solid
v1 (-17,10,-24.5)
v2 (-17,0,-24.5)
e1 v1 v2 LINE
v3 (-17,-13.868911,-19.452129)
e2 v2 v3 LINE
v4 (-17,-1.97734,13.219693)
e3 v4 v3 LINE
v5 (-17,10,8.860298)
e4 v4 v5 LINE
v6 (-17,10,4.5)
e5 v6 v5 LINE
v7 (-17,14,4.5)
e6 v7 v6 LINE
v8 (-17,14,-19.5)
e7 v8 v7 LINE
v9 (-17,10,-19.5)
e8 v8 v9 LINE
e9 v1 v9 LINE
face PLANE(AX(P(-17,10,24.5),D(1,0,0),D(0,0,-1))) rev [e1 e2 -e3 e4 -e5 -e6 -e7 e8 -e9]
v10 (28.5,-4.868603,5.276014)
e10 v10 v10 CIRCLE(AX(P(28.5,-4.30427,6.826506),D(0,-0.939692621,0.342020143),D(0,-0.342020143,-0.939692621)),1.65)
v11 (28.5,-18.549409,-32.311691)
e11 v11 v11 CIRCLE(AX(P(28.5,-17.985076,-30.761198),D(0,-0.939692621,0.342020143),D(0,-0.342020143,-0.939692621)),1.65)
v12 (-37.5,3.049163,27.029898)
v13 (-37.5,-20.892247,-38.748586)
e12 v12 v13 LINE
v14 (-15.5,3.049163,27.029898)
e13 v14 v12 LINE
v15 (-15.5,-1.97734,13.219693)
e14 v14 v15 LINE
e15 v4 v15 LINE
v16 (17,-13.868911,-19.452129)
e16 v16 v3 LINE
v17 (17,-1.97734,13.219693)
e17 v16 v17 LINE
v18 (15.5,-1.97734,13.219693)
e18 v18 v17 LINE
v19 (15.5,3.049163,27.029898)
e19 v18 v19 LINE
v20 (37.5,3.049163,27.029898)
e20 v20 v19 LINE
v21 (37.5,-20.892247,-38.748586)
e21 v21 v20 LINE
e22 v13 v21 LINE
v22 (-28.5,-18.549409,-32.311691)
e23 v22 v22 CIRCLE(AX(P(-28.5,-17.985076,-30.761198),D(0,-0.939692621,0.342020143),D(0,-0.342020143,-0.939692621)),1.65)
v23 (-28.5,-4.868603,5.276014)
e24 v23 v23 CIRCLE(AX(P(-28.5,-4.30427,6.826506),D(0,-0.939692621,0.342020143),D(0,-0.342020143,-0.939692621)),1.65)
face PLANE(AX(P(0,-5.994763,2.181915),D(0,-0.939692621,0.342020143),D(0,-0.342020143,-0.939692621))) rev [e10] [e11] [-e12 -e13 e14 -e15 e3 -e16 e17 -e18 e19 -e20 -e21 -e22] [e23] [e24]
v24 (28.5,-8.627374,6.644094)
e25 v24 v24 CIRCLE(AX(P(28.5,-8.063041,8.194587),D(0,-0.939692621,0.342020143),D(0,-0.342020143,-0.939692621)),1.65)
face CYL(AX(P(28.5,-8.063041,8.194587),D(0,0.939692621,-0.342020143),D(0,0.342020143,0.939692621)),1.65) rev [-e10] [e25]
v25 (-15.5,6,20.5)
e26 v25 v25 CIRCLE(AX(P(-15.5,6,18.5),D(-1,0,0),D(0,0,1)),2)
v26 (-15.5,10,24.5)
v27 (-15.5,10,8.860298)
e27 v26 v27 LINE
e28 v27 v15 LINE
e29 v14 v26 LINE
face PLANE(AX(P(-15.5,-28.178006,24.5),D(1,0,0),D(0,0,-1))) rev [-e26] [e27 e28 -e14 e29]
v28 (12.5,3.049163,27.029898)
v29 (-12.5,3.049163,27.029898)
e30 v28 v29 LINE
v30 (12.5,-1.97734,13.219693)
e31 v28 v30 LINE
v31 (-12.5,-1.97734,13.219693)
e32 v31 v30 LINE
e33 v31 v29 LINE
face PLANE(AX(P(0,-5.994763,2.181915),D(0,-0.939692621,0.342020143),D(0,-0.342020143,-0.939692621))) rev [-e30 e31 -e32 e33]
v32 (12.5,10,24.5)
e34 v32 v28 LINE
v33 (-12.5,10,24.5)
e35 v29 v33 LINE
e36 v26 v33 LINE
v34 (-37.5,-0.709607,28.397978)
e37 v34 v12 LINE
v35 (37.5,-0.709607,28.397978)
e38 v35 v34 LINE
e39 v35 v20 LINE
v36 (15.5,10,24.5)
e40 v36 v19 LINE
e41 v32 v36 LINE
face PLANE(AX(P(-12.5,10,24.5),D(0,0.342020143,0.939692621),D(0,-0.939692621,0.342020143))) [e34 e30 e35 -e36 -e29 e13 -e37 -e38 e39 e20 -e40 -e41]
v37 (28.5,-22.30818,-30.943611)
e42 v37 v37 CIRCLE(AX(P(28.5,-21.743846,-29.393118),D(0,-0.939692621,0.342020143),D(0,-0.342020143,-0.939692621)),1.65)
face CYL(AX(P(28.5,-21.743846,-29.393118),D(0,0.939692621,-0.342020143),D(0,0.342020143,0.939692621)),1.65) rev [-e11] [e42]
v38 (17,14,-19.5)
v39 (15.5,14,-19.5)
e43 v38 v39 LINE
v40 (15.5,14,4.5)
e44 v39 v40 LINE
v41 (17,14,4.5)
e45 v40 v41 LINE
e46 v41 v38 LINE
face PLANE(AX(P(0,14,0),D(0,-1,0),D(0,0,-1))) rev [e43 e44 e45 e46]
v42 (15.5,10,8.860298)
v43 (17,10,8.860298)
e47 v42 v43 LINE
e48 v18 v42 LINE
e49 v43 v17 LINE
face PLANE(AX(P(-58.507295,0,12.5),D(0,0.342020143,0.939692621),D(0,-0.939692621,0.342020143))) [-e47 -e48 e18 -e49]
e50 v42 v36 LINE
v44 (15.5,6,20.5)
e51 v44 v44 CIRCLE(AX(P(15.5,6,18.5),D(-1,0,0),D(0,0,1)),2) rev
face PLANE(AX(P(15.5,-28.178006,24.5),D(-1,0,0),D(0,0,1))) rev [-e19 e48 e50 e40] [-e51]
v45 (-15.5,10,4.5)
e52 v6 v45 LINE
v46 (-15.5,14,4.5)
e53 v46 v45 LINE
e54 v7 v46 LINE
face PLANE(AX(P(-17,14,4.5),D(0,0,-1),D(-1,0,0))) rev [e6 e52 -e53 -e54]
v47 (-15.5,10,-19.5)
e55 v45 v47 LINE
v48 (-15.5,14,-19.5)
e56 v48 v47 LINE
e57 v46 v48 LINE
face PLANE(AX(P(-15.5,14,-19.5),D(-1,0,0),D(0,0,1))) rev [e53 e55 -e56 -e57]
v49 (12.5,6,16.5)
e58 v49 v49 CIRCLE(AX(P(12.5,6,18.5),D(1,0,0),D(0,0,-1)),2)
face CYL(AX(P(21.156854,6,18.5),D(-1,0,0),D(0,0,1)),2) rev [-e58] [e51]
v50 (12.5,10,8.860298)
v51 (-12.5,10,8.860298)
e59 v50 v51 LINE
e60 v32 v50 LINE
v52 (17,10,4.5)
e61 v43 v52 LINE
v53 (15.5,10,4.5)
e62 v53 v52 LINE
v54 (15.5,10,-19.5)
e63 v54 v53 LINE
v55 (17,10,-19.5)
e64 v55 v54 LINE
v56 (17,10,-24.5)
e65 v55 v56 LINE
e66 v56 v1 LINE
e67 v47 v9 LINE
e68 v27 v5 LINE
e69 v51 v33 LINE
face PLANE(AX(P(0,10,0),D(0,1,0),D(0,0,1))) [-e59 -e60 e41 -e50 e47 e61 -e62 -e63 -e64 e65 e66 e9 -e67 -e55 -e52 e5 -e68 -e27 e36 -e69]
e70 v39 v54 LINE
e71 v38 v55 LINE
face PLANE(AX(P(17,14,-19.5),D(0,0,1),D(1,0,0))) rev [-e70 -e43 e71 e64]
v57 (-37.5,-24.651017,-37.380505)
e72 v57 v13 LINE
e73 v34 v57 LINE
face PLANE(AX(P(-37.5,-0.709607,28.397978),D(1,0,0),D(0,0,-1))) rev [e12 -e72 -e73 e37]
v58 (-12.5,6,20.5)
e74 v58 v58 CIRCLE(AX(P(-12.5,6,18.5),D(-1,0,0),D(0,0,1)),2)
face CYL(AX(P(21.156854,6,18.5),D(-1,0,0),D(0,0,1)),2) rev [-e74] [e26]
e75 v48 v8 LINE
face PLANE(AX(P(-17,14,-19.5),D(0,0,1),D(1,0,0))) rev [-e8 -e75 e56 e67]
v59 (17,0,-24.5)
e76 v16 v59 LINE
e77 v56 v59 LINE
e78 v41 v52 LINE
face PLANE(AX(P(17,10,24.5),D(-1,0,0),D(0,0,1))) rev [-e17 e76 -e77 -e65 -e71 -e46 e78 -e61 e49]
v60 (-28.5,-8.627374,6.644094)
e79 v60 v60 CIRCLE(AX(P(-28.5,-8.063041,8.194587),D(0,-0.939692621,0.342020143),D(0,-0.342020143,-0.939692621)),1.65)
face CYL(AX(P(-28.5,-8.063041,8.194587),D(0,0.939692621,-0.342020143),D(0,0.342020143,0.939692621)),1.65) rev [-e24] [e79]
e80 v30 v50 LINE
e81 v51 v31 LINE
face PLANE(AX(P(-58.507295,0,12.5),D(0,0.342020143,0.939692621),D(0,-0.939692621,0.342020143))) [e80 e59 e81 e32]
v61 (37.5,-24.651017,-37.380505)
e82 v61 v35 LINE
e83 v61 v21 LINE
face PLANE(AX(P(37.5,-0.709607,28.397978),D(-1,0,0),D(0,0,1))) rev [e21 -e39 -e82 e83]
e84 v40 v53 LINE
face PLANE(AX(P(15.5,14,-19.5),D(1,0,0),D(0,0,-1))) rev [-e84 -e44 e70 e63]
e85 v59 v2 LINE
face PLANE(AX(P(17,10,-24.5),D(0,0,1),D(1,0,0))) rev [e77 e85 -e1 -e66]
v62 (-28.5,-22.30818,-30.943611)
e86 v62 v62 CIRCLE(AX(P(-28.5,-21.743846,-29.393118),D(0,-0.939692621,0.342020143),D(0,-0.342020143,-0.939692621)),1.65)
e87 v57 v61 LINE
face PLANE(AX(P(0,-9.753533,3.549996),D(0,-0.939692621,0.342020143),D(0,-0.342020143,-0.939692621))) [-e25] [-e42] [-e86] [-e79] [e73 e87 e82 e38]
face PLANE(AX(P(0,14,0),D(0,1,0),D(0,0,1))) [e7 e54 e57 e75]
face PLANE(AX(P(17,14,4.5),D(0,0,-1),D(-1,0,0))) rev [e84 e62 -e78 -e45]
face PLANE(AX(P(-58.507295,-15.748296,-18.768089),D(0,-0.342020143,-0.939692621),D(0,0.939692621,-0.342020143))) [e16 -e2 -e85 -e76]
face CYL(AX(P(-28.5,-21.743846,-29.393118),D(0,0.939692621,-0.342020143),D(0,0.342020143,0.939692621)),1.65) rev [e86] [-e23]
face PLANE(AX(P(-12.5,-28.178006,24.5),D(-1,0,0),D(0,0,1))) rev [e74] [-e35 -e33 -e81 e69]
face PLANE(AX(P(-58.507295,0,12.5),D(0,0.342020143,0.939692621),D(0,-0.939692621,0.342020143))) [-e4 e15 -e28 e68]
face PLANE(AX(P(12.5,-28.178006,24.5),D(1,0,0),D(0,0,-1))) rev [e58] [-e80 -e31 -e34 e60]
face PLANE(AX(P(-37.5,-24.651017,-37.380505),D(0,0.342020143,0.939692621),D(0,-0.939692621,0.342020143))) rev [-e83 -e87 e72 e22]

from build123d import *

# Parameters (mm, degrees)
SKETCH_1_W           = 34
SKETCH_1_H           = 49
EXTRUDE_1_DEPTH      = 10
SKETCH_2_W           = 1.5
SKETCH_2_H           = 24
EXTRUDE_2_DEPTH      = 4
SKETCH_3_W           = 1.5
SKETCH_3_H           = 12
SKETCH_3_W_2         = 25
SKETCH_3_H_2         = 13
CUT_EXTRUDE_1_DEPTH  = 10
SKETCH_4_R           = 2
CUT_EXTRUDE_2_DEPTH  = 31
EXTRUDE_3_DEPTH      = 8
CUT_EXTRUDE_4_DEPTH  = 10
EXTRUDE_4_DEPTH      = 3
EXTRUDE_5_DEPTH      = 3
EXTRUDE_6_DEPTH      = 3
EXTRUDE_7_DEPTH      = 34
EXTRUDE_8_DEPTH      = 3
EXTRUDE_9_REACH      = 31.5
CUT_EXTRUDE_10_DEPTH = 1.5
CUT_EXTRUDE_11_DEPTH = 1.5
CUT_EXTRUDE_12_DEPTH = 25
SKETCH_18_W          = 75
SKETCH_18_H          = 70
SKETCH_18_R          = 1.65
EXTRUDE_10_DEPTH     = 2


with BuildPart() as part:
    # Sketch 1 → Extrude 1 (new body)
    with BuildSketch(Plane(origin=(0, 0, 0), x_dir=(1, 0, 0), z_dir=(0, 1, 0))):
        Rectangle(SKETCH_1_W, SKETCH_1_H)
    extrude(amount=EXTRUDE_1_DEPTH)

    # Sketch 2 → Extrude 2 (add)
    with BuildSketch(Plane(origin=(0, 10, 0), x_dir=(1, 0, 0), z_dir=(0, 1, 0))):
        with Locations((-16.25, 7.5)):
            Rectangle(SKETCH_2_W, SKETCH_2_H)
        with Locations((16.25, 7.5)):
            Rectangle(SKETCH_2_W, SKETCH_2_H)
    extrude(amount=EXTRUDE_2_DEPTH)

    # Sketch 3 → Cut-Extrude 1 (cut)
    with BuildSketch(Plane(origin=(0, 10, 0), x_dir=(1, 0, 0), z_dir=(0, 1, 0))):
        with Locations((-16.25, -18.5)):
            Rectangle(SKETCH_3_W, SKETCH_3_H)
        with Locations((16.25, -18.5)):
            Rectangle(SKETCH_3_W, SKETCH_3_H)
        with Locations((0, -18)):
            Rectangle(SKETCH_3_W_2, SKETCH_3_H_2)
    extrude(amount=-CUT_EXTRUDE_1_DEPTH, mode=Mode.SUBTRACT)

    # Sketch 4 → Cut-Extrude 2 (cut)
    with BuildSketch(Plane.ZY.offset(15.5)):
        with Locations((18.5, 6)):
            Circle(SKETCH_4_R)
    extrude(amount=-CUT_EXTRUDE_2_DEPTH, mode=Mode.SUBTRACT)

    # Sketch 5 → Extrude 3 (add)
    with BuildSketch(Plane.XZ):
        Polygon((4, 11.5), (-4, 11.5), (-4, 41.5), (-13, 41.5), (-13, 56.5), (13, 56.5), (13, 41.5), (4, 41.5), align=None)
    extrude(amount=-EXTRUDE_3_DEPTH)

    # Sketch 5_2 → Cut-Extrude 4 (cut)
    with BuildSketch(Plane.XZ):
        Polygon((4, 11.5), (-4, 11.5), (-4, 41.5), (-13, 41.5), (-13, 56.5), (13, 56.5), (13, 41.5), (4, 41.5), align=None)
    extrude(amount=-CUT_EXTRUDE_4_DEPTH, mode=Mode.SUBTRACT)

    # Sketch 7 → Extrude 4 (add)
    with BuildSketch(Plane.ZY.offset(15.5)):
        Polygon((24.5, 10), (27.713938048, 1.169777784), (24.5, 0), align=None)
    extrude(amount=-EXTRUDE_4_DEPTH)

    # Sketch 8 → Extrude 5 (add)
    with BuildSketch(Plane(origin=(15.5, 0, 0), x_dir=(0, 0, -1), z_dir=(1, 0, 0))):
        Polygon((-27.713938048, 1.169777784), (-24.5, 0), (-24.5, 10), align=None)
    extrude(amount=-EXTRUDE_5_DEPTH)

    # Sketch 9 → Extrude 6 (add)
    with BuildSketch(Plane(origin=(15.5, 0, 0), x_dir=(0, 0, -1), z_dir=(1, 0, 0))):
        Polygon((-12.5, 0), (-24.5, 0), (-13.903733341, -3.856725658), align=None)
    extrude(amount=-EXTRUDE_6_DEPTH)

    # Sketch 10 → Extrude 7 (add)
    with BuildSketch(Plane(origin=(17, 0, 0), x_dir=(0, 0, -1), z_dir=(1, 0, 0))):
        Polygon((-12.5, 0), (-13.903733341, -3.856725658), (18.768088856, -15.748296437), (24.5, 0), align=None)
    extrude(amount=-EXTRUDE_7_DEPTH)

    # Sketch 11 → Extrude 8 (add)
    with BuildSketch(Plane.ZY.offset(15.5)):
        Polygon((24.5, 0), (13.903733341, -3.856725658), (12.5, 0), align=None)
    extrude(amount=-EXTRUDE_8_DEPTH)

    # Sketch 12 → Extrude 9 (add, up to next)
    with BuildSketch(Plane(origin=(-12.5, 0, 0), x_dir=(0, 0, -1), z_dir=(1, 0, 0)), mode=Mode.PRIVATE) as extrude_9_sk1:
        Polygon((-12.5, 0), (-11.5, 2.747477419), (-11.5, 0), align=None)
    extrude_9_tool1 = extrude(extrude_9_sk1.sketch, amount=EXTRUDE_9_REACH, mode=Mode.PRIVATE) - part.part
    add(extrude_9_tool1.solids().sort_by_distance((-12.5, 0.915826, 11.833333))[0])

    # Sketch 13 → Cut-Extrude 10 (cut)
    with BuildSketch(Plane(origin=(17, 0, 0), x_dir=(0, 0, -1), z_dir=(1, 0, 0))):
        Polygon((-12.5, 0), (-8.860297657, 10), (-12.5, 10), align=None)
    extrude(amount=-CUT_EXTRUDE_10_DEPTH, mode=Mode.SUBTRACT)

    # Sketch 16 → Cut-Extrude 11 (cut)
    with BuildSketch(Plane.ZY.offset(17)):
        Polygon((12.5, 10), (12.5, 0), (8.860297657, 10), align=None)
    extrude(amount=-CUT_EXTRUDE_11_DEPTH, mode=Mode.SUBTRACT)

    # Sketch 17 → Cut-Extrude 12 (cut)
    with BuildSketch(Plane(origin=(-12.5, 0, 0), x_dir=(0, 0, -1), z_dir=(1, 0, 0))):
        Polygon((-11.5, 2.747477419), (-11.5, 10), (-8.860297657, 10), align=None)
    extrude(amount=CUT_EXTRUDE_12_DEPTH, mode=Mode.SUBTRACT)

    # Sketch 18 → Extrude 10 (add, symmetric)
    with BuildSketch(Plane(origin=(0, -7.874148219, 2.865955572), x_dir=(1, 0, 0), z_dir=(0, -0.939692621, 0.342020143))):
        with Locations((0, -8.557329357)):
            Rectangle(SKETCH_18_W, SKETCH_18_H)
        with Locations((28.5, 4.942670643)):
            Circle(SKETCH_18_R, mode=Mode.SUBTRACT)
        with Locations((28.5, -35.057329357)):
            Circle(SKETCH_18_R, mode=Mode.SUBTRACT)
        with Locations((-28.5, 4.942670643)):
            Circle(SKETCH_18_R, mode=Mode.SUBTRACT)
        with Locations((-28.5, -35.057329357)):
            Circle(SKETCH_18_R, mode=Mode.SUBTRACT)
    extrude(amount=EXTRUDE_10_DEPTH, both=True)


solid = part.part
